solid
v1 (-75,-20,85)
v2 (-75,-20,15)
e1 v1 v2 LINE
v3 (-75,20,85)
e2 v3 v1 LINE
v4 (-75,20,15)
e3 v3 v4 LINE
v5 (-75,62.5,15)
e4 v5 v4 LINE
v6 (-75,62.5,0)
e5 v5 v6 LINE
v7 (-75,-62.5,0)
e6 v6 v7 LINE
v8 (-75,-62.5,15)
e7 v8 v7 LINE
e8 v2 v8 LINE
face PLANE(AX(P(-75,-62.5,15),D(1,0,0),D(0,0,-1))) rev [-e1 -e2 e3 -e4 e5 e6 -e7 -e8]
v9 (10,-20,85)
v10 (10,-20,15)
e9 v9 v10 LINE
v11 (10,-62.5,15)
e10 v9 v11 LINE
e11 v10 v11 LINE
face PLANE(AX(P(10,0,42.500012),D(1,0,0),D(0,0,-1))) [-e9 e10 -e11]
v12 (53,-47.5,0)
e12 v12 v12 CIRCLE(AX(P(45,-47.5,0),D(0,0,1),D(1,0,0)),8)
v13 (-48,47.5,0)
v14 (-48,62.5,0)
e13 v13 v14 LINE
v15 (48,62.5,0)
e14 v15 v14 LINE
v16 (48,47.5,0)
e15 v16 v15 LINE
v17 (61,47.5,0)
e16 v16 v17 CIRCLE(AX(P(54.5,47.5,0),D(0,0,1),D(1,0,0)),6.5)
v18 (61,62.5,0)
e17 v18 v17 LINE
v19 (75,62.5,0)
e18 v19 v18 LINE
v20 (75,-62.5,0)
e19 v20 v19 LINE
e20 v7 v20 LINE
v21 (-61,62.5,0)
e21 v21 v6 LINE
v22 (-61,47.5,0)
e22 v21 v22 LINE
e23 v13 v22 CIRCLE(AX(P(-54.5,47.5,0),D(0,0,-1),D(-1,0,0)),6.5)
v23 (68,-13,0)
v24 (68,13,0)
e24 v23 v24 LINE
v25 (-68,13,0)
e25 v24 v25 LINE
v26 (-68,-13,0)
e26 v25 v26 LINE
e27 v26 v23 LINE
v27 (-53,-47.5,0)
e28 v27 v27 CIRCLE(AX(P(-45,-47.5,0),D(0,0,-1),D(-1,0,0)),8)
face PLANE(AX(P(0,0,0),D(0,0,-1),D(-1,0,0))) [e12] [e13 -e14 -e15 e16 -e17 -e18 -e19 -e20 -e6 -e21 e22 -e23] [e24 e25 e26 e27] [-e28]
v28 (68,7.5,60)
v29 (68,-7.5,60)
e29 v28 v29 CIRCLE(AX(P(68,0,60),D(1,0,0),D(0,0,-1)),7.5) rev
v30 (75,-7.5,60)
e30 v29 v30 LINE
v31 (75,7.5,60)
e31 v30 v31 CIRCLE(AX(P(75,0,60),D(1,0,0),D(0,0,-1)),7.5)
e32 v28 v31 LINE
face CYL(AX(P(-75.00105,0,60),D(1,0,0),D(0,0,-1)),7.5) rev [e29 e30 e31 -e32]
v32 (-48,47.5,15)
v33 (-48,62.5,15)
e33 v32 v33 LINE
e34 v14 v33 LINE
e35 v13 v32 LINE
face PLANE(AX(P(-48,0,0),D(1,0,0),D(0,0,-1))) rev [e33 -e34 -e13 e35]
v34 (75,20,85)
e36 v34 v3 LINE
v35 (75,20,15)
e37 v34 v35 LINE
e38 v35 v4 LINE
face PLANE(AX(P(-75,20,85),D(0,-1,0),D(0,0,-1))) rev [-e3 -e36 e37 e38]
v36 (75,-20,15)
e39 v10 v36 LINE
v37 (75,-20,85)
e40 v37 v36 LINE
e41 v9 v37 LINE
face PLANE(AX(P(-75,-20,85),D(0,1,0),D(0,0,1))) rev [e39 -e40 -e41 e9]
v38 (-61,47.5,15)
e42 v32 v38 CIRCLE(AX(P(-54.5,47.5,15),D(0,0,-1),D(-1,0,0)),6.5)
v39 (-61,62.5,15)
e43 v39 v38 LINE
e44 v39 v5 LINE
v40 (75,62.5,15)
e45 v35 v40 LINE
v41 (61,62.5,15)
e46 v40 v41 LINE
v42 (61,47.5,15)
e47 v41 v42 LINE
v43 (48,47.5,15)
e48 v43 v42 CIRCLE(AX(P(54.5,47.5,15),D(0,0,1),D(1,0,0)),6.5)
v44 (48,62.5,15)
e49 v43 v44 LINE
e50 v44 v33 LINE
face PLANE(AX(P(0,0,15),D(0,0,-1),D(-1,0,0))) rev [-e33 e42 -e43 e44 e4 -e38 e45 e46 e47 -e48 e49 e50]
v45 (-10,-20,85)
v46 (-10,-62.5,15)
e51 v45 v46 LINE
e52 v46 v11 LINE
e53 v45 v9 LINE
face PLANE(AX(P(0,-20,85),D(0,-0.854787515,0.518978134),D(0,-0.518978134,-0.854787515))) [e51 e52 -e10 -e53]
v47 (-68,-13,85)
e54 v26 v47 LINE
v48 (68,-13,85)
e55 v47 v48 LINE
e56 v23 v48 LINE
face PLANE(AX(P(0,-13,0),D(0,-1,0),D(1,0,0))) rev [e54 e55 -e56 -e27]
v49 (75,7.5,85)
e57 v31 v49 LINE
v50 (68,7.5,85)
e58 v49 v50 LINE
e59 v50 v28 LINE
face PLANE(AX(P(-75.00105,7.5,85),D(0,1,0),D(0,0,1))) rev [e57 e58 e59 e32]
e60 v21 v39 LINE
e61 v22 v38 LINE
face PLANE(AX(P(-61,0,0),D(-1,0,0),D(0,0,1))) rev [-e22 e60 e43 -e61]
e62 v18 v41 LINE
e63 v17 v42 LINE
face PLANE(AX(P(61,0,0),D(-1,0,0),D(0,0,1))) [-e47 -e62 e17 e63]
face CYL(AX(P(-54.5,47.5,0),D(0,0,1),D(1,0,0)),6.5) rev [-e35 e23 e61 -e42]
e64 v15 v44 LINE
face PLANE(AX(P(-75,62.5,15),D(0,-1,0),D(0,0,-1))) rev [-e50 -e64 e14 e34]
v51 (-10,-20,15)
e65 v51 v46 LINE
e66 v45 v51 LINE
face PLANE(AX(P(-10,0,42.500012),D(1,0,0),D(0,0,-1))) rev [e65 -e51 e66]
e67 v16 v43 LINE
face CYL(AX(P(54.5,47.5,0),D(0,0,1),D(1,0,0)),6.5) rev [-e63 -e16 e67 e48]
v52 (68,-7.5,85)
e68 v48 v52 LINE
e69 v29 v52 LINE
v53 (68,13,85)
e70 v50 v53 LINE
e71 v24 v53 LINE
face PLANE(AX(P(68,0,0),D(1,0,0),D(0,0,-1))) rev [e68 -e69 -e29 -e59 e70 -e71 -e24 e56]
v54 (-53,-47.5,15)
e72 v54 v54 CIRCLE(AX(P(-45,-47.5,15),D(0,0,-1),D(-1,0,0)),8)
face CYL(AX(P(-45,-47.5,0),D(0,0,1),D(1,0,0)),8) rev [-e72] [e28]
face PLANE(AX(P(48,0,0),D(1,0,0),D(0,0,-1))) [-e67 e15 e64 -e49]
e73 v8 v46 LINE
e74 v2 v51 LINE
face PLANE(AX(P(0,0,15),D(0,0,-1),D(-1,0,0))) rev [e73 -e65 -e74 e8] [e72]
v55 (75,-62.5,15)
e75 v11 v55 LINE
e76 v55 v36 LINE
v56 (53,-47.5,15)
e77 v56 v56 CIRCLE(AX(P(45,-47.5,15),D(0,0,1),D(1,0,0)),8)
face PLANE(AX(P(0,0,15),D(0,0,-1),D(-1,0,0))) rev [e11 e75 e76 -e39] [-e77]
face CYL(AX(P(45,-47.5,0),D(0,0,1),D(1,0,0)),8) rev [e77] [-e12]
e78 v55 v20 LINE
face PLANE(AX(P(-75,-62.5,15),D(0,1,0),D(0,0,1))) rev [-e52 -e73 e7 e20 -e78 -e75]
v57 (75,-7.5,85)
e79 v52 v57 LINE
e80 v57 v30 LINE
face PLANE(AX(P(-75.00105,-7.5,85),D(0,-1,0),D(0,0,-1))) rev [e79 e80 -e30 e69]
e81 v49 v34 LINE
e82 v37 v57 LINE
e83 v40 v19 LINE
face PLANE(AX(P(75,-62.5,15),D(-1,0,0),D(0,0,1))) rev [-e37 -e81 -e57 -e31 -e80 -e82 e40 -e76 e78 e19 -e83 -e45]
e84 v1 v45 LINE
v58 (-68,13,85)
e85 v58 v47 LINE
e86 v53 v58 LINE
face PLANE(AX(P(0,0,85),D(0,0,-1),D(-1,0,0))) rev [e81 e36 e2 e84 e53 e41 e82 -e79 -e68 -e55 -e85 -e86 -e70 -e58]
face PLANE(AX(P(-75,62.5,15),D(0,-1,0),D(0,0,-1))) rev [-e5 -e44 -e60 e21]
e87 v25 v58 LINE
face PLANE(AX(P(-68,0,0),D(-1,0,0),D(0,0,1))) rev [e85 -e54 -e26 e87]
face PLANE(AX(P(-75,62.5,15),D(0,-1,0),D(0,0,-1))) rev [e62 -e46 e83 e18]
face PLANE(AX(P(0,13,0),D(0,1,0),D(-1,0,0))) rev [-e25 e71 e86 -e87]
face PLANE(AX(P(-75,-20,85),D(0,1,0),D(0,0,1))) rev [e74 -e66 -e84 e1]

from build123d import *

# Parameters (mm, degrees)
SKETCH_1_W          = 150
SKETCH_1_H          = 125
EXTRUDE_1_DEPTH     = 15
SKETCH_2_W          = 150
SKETCH_2_H          = 40
EXTRUDE_2_DEPTH     = 70
SKETCH_3_W          = 136
SKETCH_3_H          = 26
CUT_EXTRUDE_1_DEPTH = 130.44593466
SKETCH_4_R          = 8
CUT_EXTRUDE_2_DEPTH = 121.130137767
RIB_1_REACH         = 131.446
SKETCH_5_WALL_W     = 342.78356609
SKETCH_5_WALL_H     = 20
CUT_EXTRUDE1_REACH  = 185.388


with BuildPart() as part:
    # Эскиз1 → Бобышка-Вытянуть1 (new body)
    with BuildSketch(Plane.XY):
        Rectangle(SKETCH_1_W, SKETCH_1_H)
    extrude(amount=EXTRUDE_1_DEPTH)

    # Эскиз2 → Бобышка-Вытянуть2 (add)
    with BuildSketch(Plane.XY.offset(15)):
        Rectangle(SKETCH_2_W, SKETCH_2_H)
    extrude(amount=EXTRUDE_2_DEPTH)

    # Эскиз3 → Вырез-Вытянуть1 (cut, through all)
    with BuildSketch(Plane.XY.offset(85)):
        Rectangle(SKETCH_3_W, SKETCH_3_H)
    extrude(amount=-CUT_EXTRUDE_1_DEPTH, mode=Mode.SUBTRACT)

    # Эскиз4 → Вырез-Вытянуть2 (cut, through all)
    with BuildSketch(Plane.XY.offset(15)):
        with BuildLine():
            Line((48, 62.5), (48, 47.5))
            ThreePointArc((48, 47.5), (54.5, 41), (61, 47.5))
            Line((61, 47.5), (61, 62.5))
            Line((61, 62.5), (48, 62.5))
        make_face()
        with Locations((45, -47.5)):
            Circle(SKETCH_4_R)
    cut_extrude_2 = extrude(amount=-CUT_EXTRUDE_2_DEPTH, mode=Mode.SUBTRACT)

    # Эскиз5 wall → Ребро1 (add, up to next)
    with BuildSketch(Plane(origin=(0, -41.25, 50), x_dir=(0, -0.518978134242, -0.854787515222), z_dir=(0, 0.854787515222, -0.518978134242)), mode=Mode.PRIVATE) as rib_1_sk1:
        Rectangle(SKETCH_5_WALL_W, SKETCH_5_WALL_H)
    rib_1_tool1 = extrude(rib_1_sk1.sketch, amount=RIB_1_REACH, mode=Mode.PRIVATE) - part.part
    add(rib_1_tool1.solids().sort_by_distance((0, -41.25, 50))[0])

    # Зеркальное отражение1: Вырез-Вытянуть2 across plane
    add(cut_extrude_2.mirror(Plane(origin=(0, 0, 0), x_dir=(0, 0, 1), z_dir=(1, 0, 0))), mode=Mode.SUBTRACT)

    # Sketch1 → Cut-Extrude1 (cut, up to next)
    with BuildSketch(Plane(origin=(75, 0, 0), x_dir=(0, 0, -1), z_dir=(1, 0, 0)), mode=Mode.PRIVATE) as cut_extrude1_sk1:
        with BuildLine():
            Line((-85, 7.5), (-60, 7.5))
            ThreePointArc((-60, 7.5), (-52.5, 0), (-60, -7.5))
            Line((-60, -7.5), (-85, -7.5))
            ThreePointArc((-85, -7.5), (-92.5, 0), (-85, 7.5))
        make_face()
    cut_extrude1_tool1 = extrude(cut_extrude1_sk1.sketch, amount=-CUT_EXTRUDE1_REACH, mode=Mode.PRIVATE) & part.part
    add(cut_extrude1_tool1.solids().sort_by_distance((75, 0, 72.5))[0], mode=Mode.SUBTRACT)


solid = part.part
